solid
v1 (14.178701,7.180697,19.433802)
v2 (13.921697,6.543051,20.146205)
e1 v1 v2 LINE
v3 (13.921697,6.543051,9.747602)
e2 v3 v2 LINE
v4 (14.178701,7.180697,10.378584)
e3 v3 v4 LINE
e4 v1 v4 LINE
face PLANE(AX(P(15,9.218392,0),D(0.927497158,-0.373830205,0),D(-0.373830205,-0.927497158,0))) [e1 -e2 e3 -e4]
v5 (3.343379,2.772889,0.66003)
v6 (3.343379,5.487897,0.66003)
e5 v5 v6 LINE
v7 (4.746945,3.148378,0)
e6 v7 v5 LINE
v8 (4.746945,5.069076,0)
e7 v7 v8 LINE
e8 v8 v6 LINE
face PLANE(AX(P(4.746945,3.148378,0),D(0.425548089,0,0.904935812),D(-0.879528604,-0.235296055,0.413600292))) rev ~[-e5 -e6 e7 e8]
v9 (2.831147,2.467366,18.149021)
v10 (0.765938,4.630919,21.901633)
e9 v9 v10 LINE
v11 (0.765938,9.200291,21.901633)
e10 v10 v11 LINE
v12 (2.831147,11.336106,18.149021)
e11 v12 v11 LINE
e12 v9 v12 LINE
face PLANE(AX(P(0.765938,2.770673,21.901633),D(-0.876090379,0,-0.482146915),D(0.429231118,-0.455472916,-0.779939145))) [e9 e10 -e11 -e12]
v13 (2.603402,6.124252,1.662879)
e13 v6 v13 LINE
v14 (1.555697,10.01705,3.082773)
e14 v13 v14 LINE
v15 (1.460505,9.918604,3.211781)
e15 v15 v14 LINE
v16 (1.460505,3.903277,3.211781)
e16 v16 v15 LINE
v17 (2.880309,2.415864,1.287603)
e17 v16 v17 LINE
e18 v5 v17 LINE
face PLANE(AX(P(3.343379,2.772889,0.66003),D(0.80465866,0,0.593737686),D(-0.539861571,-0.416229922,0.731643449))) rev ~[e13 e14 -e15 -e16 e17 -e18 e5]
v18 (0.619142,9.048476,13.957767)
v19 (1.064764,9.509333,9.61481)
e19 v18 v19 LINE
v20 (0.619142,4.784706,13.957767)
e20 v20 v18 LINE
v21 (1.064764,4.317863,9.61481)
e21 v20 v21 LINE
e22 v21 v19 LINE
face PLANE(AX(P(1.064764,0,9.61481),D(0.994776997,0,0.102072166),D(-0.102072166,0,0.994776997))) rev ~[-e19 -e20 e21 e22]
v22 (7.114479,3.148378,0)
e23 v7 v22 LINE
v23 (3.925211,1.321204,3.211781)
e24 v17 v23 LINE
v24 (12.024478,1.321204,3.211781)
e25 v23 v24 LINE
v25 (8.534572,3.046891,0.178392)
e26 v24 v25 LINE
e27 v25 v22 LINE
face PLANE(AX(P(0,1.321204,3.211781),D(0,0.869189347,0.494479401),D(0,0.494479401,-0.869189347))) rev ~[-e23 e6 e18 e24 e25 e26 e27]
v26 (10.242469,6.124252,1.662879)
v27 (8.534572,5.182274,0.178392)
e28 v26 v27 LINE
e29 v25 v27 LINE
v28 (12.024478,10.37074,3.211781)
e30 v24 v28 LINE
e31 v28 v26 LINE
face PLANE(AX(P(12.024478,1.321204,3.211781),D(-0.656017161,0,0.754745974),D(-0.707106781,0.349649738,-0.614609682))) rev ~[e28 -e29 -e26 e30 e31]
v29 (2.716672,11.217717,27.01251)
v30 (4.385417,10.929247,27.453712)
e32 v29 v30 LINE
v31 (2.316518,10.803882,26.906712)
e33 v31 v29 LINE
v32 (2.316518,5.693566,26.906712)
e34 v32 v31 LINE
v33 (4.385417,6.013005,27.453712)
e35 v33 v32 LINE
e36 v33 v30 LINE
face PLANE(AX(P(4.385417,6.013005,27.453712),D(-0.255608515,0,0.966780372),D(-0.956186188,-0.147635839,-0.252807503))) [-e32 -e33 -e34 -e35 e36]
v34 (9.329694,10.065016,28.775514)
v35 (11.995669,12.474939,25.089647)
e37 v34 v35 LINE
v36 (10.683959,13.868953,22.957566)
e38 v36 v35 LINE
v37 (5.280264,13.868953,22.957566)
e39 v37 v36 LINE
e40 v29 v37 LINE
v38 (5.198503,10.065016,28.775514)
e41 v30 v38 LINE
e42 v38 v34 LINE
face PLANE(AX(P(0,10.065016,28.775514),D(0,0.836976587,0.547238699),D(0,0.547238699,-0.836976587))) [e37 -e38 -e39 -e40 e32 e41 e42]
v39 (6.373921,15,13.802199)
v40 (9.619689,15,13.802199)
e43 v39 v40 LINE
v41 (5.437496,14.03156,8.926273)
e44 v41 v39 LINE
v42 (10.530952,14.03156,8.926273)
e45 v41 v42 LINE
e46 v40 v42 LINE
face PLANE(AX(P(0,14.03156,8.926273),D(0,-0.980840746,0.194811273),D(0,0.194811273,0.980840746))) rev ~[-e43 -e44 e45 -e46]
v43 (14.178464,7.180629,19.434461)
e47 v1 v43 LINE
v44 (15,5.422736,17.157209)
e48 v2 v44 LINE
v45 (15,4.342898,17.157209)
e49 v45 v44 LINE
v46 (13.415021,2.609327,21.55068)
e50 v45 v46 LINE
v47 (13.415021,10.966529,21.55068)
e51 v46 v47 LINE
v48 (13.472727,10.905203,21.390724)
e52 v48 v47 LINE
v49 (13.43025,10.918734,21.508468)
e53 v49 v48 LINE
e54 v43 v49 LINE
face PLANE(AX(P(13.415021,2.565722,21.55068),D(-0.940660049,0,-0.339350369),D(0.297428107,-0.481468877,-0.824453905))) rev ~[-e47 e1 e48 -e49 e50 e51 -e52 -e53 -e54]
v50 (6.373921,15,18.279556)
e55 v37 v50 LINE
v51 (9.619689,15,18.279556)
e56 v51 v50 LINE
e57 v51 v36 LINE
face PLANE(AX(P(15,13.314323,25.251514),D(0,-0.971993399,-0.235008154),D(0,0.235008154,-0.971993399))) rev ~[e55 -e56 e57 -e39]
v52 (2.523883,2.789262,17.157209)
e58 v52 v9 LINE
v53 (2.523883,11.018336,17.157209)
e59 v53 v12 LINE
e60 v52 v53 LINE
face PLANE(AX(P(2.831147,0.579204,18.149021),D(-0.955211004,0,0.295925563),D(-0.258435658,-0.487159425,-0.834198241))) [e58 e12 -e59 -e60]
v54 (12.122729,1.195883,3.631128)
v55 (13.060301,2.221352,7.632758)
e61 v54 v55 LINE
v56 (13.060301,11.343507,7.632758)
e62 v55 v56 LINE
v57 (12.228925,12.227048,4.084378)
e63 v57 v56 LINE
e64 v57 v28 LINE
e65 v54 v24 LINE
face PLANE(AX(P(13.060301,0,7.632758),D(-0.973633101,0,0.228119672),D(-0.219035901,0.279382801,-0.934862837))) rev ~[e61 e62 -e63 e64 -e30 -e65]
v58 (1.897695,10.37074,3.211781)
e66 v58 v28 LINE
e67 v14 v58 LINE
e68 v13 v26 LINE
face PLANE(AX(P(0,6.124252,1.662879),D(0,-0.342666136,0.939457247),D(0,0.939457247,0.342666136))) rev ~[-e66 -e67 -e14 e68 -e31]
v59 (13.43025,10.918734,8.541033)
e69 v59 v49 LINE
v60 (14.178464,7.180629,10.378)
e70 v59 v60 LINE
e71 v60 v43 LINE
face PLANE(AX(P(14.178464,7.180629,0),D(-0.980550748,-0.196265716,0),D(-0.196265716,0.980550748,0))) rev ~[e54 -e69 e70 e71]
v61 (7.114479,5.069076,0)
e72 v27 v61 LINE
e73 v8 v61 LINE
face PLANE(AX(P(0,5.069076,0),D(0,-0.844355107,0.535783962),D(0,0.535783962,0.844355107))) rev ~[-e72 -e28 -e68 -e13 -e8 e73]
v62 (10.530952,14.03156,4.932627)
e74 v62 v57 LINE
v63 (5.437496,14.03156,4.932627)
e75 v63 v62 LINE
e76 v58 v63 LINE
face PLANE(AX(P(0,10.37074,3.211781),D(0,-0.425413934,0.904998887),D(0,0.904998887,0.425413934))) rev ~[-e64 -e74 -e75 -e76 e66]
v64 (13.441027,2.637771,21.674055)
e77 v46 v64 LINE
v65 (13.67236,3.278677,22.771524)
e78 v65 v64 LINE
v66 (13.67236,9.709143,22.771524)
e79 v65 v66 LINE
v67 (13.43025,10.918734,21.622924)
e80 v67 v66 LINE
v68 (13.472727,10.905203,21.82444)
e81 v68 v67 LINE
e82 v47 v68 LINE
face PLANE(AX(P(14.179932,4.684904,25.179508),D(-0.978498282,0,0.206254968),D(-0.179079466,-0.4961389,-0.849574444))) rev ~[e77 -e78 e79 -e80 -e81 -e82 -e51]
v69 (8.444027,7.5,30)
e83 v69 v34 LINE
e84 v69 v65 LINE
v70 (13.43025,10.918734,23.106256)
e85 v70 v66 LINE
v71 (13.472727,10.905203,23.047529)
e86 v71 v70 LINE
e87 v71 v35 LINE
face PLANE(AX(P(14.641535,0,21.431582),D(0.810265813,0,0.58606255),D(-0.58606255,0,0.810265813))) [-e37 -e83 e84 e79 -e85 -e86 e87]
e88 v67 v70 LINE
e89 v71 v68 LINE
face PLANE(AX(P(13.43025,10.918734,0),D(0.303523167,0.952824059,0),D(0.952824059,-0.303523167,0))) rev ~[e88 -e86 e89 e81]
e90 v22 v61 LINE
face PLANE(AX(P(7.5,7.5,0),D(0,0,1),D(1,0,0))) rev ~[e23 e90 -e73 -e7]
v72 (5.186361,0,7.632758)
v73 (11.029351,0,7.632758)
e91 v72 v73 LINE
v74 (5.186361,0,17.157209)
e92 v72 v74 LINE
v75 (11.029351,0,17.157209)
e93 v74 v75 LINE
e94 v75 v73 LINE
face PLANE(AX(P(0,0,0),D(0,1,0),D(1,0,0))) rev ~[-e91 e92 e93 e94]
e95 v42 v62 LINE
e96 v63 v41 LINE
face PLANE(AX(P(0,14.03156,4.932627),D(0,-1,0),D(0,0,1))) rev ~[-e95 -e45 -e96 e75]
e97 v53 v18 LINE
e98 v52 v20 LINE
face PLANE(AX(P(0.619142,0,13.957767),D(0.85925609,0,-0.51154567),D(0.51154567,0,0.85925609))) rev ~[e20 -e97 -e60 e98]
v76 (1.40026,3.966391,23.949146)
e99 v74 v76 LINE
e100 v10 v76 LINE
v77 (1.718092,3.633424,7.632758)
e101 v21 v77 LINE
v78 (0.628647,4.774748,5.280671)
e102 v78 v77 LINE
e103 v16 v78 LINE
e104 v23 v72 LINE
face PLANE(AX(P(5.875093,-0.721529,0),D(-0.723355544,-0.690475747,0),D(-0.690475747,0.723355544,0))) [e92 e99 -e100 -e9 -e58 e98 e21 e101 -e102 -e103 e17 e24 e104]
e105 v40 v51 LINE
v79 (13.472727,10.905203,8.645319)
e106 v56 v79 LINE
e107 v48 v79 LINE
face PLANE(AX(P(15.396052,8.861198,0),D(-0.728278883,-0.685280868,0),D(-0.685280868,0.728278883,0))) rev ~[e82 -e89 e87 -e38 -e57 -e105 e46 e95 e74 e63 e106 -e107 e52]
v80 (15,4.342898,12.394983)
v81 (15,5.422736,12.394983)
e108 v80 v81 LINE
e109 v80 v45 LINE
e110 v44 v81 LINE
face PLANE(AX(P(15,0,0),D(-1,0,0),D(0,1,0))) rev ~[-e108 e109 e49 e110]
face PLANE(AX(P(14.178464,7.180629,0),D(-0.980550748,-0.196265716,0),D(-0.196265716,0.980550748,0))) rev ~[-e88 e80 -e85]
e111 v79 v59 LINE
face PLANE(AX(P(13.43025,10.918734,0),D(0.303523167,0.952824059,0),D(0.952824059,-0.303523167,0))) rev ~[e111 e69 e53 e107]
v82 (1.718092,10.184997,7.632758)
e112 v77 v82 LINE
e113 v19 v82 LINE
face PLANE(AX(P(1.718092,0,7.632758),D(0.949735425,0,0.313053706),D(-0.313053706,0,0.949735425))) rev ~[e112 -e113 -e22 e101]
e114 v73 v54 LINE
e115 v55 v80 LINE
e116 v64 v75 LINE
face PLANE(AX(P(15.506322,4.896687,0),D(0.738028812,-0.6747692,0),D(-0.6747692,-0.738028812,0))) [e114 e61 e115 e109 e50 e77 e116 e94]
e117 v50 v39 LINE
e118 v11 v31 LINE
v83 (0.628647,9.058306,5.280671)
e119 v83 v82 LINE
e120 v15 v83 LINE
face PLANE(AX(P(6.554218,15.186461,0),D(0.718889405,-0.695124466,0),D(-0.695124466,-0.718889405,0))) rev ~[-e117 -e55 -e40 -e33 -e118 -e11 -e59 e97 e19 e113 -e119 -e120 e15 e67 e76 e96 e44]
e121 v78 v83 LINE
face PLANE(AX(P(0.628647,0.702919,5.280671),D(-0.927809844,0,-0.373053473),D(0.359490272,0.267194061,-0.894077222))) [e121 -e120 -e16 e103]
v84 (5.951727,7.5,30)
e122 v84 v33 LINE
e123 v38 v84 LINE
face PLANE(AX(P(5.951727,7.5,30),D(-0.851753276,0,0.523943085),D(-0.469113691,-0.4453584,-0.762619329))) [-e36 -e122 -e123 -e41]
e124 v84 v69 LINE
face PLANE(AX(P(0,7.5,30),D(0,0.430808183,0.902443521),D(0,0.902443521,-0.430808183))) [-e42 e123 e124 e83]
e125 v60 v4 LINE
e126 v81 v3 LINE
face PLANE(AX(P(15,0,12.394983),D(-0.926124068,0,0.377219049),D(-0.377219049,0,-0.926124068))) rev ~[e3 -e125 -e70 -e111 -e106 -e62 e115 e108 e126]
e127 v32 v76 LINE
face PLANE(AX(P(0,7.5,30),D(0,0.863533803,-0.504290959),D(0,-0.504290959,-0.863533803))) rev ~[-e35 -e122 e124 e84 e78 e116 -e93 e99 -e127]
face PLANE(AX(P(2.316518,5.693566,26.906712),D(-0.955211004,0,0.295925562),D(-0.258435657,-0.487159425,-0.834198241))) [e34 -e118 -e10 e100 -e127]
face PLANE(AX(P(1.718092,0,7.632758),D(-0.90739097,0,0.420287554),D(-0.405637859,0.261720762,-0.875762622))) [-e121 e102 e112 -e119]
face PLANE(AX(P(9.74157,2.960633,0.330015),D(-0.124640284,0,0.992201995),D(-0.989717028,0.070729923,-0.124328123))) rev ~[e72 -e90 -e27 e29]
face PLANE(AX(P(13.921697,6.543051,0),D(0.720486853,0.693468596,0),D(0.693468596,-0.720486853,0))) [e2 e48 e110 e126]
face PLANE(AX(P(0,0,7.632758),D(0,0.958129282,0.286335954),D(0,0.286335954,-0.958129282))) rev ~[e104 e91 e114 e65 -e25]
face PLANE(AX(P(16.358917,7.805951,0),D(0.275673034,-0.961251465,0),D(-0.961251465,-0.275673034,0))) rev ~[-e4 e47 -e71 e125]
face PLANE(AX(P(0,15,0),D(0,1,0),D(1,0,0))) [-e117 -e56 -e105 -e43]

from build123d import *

# Parameters (mm, degrees)
ESQUISSE1_W              = 15
ESQUISSE1_H              = 15
BOSS_EXTRU_1_DEPTH       = 30
ENL_V_MAT_EXTRU_1_DEPTH  = 30
ENL_V_MAT_EXTRU_2_DEPTH  = 30
ENL_V_MAT_EXTRU_3_DEPTH  = 30
ENL_V_MAT_EXTRU_5_DEPTH  = 30
ENL_V_MAT_EXTRU_7_DEPTH  = 30
ENL_V_MAT_EXTRU_8_DEPTH  = 30
ENL_V_MAT_EXTRU_13_DEPTH = 30
ENL_V_MAT_EXTRU_15_DEPTH = 30
ENL_V_MAT_EXTRU_16_DEPTH = 30
ENL_V_MAT_EXTRU_17_DEPTH = 30
ENL_V_MAT_EXTRU_18_DEPTH = 30
ENL_V_MAT_EXTRU_19_DEPTH = 30
ENL_V_MAT_EXTRU_20_DEPTH = 30
ENL_V_MAT_EXTRU_21_DEPTH = 30
ENL_V_MAT_EXTRU_22_DEPTH = 30
ENL_V_MAT_EXTRU_23_DEPTH = 30
ENL_V_MAT_EXTRU_25_DEPTH = 30
ENL_V_MAT_EXTRU_26_DEPTH = 30


with BuildPart() as part:
    # Esquisse1 → Boss.-Extru.1 (new body)
    with BuildSketch(Plane.XY):
        with Locations((7.5, 7.5)):
            Rectangle(ESQUISSE1_W, ESQUISSE1_H)
    extrude(amount=BOSS_EXTRU_1_DEPTH)

    # Esquisse2 → Enlèv. mat.-Extru.1 (cut)
    with BuildSketch(Plane.ZY):
        Polygon((30, 7.5), (17.157208733, 0), (30, 0), align=None)
    extrude(amount=-ENL_V_MAT_EXTRU_1_DEPTH, mode=Mode.SUBTRACT)

    # Esquisse3 → Enlèv. mat.-Extru.2 (cut)
    with BuildSketch(Plane.ZY):
        Polygon((30, 7.5), (28.775513666, 10.065015711), (21.227680677, 15), (30, 15), align=None)
    extrude(amount=-ENL_V_MAT_EXTRU_2_DEPTH, mode=Mode.SUBTRACT)

    # Esquisse4 → Enlèv. mat.-Extru.3 (cut)
    with BuildSketch(Plane.ZY):
        Polygon((8.926273351, 14.031560197), (13.802198678, 15), (0, 15), (0, 5.06907595), (1.662878512, 6.124252415), (3.211780908, 10.370740256), (4.932627015, 14.031560197), align=None)
        Polygon((3.211780908, 1.321204417), (0, 3.148377639), (0, 0), (7.632757812, 0), align=None)
    extrude(amount=-ENL_V_MAT_EXTRU_3_DEPTH, mode=Mode.SUBTRACT)

    # Esquisse5 → Enlèv. mat.-Extru.5 (cut, along a direction that is not the sketch's normal)
    with BuildSketch(Plane(origin=(0, -7.471488968, 4.363238964), x_dir=(-1, 0, 0), z_dir=(0, -0.863533803, 0.504290959))):
        Polygon((-5.951727483, -29.68819628), (-4.385417014, -26.739512451), (-2.316517921, -26.106069571), (-0.765937965, -20.310025776), (-2.831147462, -15.964380335), (-2.523882774, -14.815829705), (0, -14.815829705), (0, -29.68819628), align=None)
    extrude(amount=-ENL_V_MAT_EXTRU_5_DEPTH, dir=(0, -1, 0), mode=Mode.SUBTRACT)

    # Esquisse6 → Enlèv. mat.-Extru.7 (cut)
    with BuildSketch(Plane(origin=(0, 0, 0), x_dir=(-1, 0, 0), z_dir=(0, -1, 0))):
        Polygon((-0.619141534, -13.957767105), (-2.523882774, -17.157208733), (0, -17.157208733), (0, -7.632757812), (-1.718091984, -7.632757812), (-1.06476411, -9.614809502), align=None)
    extrude(amount=-ENL_V_MAT_EXTRU_7_DEPTH, mode=Mode.SUBTRACT)

    # Esquisse8 → Enlèv. mat.-Extru.8 (cut, along a direction that is not the sketch's normal)
    with BuildSketch(Plane(origin=(0, 2.094023155, 0.625796674), x_dir=(1, 0, 0), z_dir=(0, -0.958129282, -0.286335954))):
        Polygon((1.718091984, 7.313168763), (0.628646684, 4.858294572), (1.46050531, 2.698993008), (0, 2.698993008), (0, 7.313168763), align=None)
    extrude(amount=-ENL_V_MAT_EXTRU_8_DEPTH, dir=(0, -1, 0), mode=Mode.SUBTRACT)

    # Esquisse9 → Enlèv. mat.-Extru.13 (cut, along a direction that is not the sketch's normal)
    with BuildSketch(Plane(origin=(0, 2.378568206, 1.353160834), x_dir=(1, 0, 0), z_dir=(0, -0.869189347, -0.494479401))):
        Polygon((9.741570256, -1.177126716), (7.1144792, -1.556807891), (15, -1.556807891), (15, 2.138337382), (14.506645575, 0.943189576), (12.940964542, -0.714733234), align=None)
        Polygon((3.343379322, -0.797445542), (1.46050531, 2.138337382), (0, 2.138337382), (0, -1.556807891), (4.746944503, -1.556807891), align=None)
    extrude(amount=-ENL_V_MAT_EXTRU_13_DEPTH, dir=(0, -1, 0), mode=Mode.SUBTRACT)

    # Esquisse12 → Enlèv. mat.-Extru.15 (cut, along a direction that is not the sketch's normal)
    with BuildSketch(Plane(origin=(0, -7.471488968, 4.363238964), x_dir=(-1, 0, 0), z_dir=(0, -0.863533803, 0.504290959))):
        Polygon((-9.673460517, -29.68819628), (-12.650110774, -26.711546023), (-14.179932039, -24.105910496), (-13.415021407, -19.903610966), (-15, -14.815829705), (-15, -29.68819628), align=None)
    extrude(amount=-ENL_V_MAT_EXTRU_15_DEPTH, dir=(0, -1, 0), mode=Mode.SUBTRACT)

    # Esquisse13 → Enlèv. mat.-Extru.16 (cut)
    with BuildSketch(Plane(origin=(0, 0, 0), x_dir=(-1, 0, 0), z_dir=(0, -1, 0))):
        Polygon((-15, -12.394983272), (-13.060300751, -7.632757812), (-15, -7.632757812), align=None)
    extrude(amount=-ENL_V_MAT_EXTRU_16_DEPTH, mode=Mode.SUBTRACT)

    # Esquisse14 → Enlèv. mat.-Extru.17 (cut, along a direction that is not the sketch's normal)
    with BuildSketch(Plane(origin=(0, 2.094023155, 0.625796674), x_dir=(1, 0, 0), z_dir=(0, -0.958129282, -0.286335954))):
        Polygon((13.060300751, 7.313168763), (12.024477505, 2.698993008), (15, 2.698993008), (15, 7.313168763), align=None)
    extrude(amount=-ENL_V_MAT_EXTRU_17_DEPTH, dir=(0, -1, 0), mode=Mode.SUBTRACT)

    # Esquisse15 → Enlèv. mat.-Extru.18 (cut, along a direction that is not the sketch's normal)
    with BuildSketch(Plane(origin=(0, 2.378568206, 1.353160834), x_dir=(-1, 0, 0), z_dir=(0, -0.869189347, -0.494479401))):
        Polygon((-12.024477505, -2.138337382), (-8.534571531, 1.351568592), (-12.940964542, 0.714733234), (-14.506645575, -0.943189576), (-15, -2.138337382), align=None)
    extrude(amount=-ENL_V_MAT_EXTRU_18_DEPTH, dir=(0, -1, 0), mode=Mode.SUBTRACT)

    # Esquisse16 → Enlèv. mat.-Extru.19 (cut)
    with BuildSketch(Plane(origin=(0, 0, 0), x_dir=(-1, 0, 0), z_dir=(0, 0, -1))):
        Polygon((-15.396052436, 8.861198197), (-9.123900072, 15.526897376), (-16.183146066, 15.526897376), align=None)
    extrude(amount=-ENL_V_MAT_EXTRU_19_DEPTH, mode=Mode.SUBTRACT)

    # Esquisse17 → Enlèv. mat.-Extru.20 (cut)
    with BuildSketch(Plane(origin=(0, 0, 0), x_dir=(-1, 0, 0), z_dir=(0, 0, -1))):
        Polygon((-6.554218331, 15.18646123), (0.669203066, 7.716085255), (0.669203066, 16.0713818), align=None)
    extrude(amount=-ENL_V_MAT_EXTRU_20_DEPTH, mode=Mode.SUBTRACT)

    # Esquisse18 → Enlèv. mat.-Extru.21 (cut)
    with BuildSketch(Plane(origin=(0, 0, 0), x_dir=(-1, 0, 0), z_dir=(0, 0, -1))):
        Polygon((-15, 9.21839227), (-13.921696564, 6.543051012), (-15.506321771, 4.89668716), (-10.237957447, -0.865586318), (-16.387206956, -0.590246788), (-18.552094895, 8.703903566), (-15.878103341, 10.779733946), align=None)
    extrude(amount=-ENL_V_MAT_EXTRU_21_DEPTH, mode=Mode.SUBTRACT)

    # Esquisse19 → Enlèv. mat.-Extru.22 (cut)
    with BuildSketch(Plane(origin=(0, 0, 0), x_dir=(-1, 0, 0), z_dir=(0, 0, -1))):
        Polygon((-5.875093242, -0.721529481), (0.175293911, 5.616971345), (0.854418999, -0.577472644), (-3.508445206, -1.482972763), align=None)
    extrude(amount=-ENL_V_MAT_EXTRU_22_DEPTH, mode=Mode.SUBTRACT)

    # Esquisse20 → Enlèv. mat.-Extru.23 (cut)
    with BuildSketch(Plane.XZ):
        Polygon((14.641535391, 21.431582068), (7.416422476, 31.42072399), (22.821492514, 29.700662918), (19.193376306, 23.52642454), align=None)
    extrude(amount=-ENL_V_MAT_EXTRU_23_DEPTH, mode=Mode.SUBTRACT)

    # Esquisse21 → Enlèv. mat.-Extru.25 (cut)
    with BuildSketch(Plane(origin=(15, 0, 0), x_dir=(0, 0, -1), z_dir=(1, 0, 0))):
        Polygon((-25.251513547, 13.314322934), (-17.635021909, 15.155835068), (-22.650414381, 16.308069891), (-25.79170864, 15.548569091), align=None)
    extrude(amount=-ENL_V_MAT_EXTRU_25_DEPTH, mode=Mode.SUBTRACT)

    # Esquisse22 → Enlèv. mat.-Extru.26 (cut)
    with BuildSketch(Plane(origin=(0, 0, 0), x_dir=(-1, 0, 0), z_dir=(0, 0, -1))):
        Polygon((-14.178463775, 7.180628802), (-13.430249604, 10.918734357), (-15.892886638, 10.134258582), (-16.358917462, 7.805951421), align=None)
    extrude(amount=-ENL_V_MAT_EXTRU_26_DEPTH, mode=Mode.SUBTRACT)


solid = part.part
